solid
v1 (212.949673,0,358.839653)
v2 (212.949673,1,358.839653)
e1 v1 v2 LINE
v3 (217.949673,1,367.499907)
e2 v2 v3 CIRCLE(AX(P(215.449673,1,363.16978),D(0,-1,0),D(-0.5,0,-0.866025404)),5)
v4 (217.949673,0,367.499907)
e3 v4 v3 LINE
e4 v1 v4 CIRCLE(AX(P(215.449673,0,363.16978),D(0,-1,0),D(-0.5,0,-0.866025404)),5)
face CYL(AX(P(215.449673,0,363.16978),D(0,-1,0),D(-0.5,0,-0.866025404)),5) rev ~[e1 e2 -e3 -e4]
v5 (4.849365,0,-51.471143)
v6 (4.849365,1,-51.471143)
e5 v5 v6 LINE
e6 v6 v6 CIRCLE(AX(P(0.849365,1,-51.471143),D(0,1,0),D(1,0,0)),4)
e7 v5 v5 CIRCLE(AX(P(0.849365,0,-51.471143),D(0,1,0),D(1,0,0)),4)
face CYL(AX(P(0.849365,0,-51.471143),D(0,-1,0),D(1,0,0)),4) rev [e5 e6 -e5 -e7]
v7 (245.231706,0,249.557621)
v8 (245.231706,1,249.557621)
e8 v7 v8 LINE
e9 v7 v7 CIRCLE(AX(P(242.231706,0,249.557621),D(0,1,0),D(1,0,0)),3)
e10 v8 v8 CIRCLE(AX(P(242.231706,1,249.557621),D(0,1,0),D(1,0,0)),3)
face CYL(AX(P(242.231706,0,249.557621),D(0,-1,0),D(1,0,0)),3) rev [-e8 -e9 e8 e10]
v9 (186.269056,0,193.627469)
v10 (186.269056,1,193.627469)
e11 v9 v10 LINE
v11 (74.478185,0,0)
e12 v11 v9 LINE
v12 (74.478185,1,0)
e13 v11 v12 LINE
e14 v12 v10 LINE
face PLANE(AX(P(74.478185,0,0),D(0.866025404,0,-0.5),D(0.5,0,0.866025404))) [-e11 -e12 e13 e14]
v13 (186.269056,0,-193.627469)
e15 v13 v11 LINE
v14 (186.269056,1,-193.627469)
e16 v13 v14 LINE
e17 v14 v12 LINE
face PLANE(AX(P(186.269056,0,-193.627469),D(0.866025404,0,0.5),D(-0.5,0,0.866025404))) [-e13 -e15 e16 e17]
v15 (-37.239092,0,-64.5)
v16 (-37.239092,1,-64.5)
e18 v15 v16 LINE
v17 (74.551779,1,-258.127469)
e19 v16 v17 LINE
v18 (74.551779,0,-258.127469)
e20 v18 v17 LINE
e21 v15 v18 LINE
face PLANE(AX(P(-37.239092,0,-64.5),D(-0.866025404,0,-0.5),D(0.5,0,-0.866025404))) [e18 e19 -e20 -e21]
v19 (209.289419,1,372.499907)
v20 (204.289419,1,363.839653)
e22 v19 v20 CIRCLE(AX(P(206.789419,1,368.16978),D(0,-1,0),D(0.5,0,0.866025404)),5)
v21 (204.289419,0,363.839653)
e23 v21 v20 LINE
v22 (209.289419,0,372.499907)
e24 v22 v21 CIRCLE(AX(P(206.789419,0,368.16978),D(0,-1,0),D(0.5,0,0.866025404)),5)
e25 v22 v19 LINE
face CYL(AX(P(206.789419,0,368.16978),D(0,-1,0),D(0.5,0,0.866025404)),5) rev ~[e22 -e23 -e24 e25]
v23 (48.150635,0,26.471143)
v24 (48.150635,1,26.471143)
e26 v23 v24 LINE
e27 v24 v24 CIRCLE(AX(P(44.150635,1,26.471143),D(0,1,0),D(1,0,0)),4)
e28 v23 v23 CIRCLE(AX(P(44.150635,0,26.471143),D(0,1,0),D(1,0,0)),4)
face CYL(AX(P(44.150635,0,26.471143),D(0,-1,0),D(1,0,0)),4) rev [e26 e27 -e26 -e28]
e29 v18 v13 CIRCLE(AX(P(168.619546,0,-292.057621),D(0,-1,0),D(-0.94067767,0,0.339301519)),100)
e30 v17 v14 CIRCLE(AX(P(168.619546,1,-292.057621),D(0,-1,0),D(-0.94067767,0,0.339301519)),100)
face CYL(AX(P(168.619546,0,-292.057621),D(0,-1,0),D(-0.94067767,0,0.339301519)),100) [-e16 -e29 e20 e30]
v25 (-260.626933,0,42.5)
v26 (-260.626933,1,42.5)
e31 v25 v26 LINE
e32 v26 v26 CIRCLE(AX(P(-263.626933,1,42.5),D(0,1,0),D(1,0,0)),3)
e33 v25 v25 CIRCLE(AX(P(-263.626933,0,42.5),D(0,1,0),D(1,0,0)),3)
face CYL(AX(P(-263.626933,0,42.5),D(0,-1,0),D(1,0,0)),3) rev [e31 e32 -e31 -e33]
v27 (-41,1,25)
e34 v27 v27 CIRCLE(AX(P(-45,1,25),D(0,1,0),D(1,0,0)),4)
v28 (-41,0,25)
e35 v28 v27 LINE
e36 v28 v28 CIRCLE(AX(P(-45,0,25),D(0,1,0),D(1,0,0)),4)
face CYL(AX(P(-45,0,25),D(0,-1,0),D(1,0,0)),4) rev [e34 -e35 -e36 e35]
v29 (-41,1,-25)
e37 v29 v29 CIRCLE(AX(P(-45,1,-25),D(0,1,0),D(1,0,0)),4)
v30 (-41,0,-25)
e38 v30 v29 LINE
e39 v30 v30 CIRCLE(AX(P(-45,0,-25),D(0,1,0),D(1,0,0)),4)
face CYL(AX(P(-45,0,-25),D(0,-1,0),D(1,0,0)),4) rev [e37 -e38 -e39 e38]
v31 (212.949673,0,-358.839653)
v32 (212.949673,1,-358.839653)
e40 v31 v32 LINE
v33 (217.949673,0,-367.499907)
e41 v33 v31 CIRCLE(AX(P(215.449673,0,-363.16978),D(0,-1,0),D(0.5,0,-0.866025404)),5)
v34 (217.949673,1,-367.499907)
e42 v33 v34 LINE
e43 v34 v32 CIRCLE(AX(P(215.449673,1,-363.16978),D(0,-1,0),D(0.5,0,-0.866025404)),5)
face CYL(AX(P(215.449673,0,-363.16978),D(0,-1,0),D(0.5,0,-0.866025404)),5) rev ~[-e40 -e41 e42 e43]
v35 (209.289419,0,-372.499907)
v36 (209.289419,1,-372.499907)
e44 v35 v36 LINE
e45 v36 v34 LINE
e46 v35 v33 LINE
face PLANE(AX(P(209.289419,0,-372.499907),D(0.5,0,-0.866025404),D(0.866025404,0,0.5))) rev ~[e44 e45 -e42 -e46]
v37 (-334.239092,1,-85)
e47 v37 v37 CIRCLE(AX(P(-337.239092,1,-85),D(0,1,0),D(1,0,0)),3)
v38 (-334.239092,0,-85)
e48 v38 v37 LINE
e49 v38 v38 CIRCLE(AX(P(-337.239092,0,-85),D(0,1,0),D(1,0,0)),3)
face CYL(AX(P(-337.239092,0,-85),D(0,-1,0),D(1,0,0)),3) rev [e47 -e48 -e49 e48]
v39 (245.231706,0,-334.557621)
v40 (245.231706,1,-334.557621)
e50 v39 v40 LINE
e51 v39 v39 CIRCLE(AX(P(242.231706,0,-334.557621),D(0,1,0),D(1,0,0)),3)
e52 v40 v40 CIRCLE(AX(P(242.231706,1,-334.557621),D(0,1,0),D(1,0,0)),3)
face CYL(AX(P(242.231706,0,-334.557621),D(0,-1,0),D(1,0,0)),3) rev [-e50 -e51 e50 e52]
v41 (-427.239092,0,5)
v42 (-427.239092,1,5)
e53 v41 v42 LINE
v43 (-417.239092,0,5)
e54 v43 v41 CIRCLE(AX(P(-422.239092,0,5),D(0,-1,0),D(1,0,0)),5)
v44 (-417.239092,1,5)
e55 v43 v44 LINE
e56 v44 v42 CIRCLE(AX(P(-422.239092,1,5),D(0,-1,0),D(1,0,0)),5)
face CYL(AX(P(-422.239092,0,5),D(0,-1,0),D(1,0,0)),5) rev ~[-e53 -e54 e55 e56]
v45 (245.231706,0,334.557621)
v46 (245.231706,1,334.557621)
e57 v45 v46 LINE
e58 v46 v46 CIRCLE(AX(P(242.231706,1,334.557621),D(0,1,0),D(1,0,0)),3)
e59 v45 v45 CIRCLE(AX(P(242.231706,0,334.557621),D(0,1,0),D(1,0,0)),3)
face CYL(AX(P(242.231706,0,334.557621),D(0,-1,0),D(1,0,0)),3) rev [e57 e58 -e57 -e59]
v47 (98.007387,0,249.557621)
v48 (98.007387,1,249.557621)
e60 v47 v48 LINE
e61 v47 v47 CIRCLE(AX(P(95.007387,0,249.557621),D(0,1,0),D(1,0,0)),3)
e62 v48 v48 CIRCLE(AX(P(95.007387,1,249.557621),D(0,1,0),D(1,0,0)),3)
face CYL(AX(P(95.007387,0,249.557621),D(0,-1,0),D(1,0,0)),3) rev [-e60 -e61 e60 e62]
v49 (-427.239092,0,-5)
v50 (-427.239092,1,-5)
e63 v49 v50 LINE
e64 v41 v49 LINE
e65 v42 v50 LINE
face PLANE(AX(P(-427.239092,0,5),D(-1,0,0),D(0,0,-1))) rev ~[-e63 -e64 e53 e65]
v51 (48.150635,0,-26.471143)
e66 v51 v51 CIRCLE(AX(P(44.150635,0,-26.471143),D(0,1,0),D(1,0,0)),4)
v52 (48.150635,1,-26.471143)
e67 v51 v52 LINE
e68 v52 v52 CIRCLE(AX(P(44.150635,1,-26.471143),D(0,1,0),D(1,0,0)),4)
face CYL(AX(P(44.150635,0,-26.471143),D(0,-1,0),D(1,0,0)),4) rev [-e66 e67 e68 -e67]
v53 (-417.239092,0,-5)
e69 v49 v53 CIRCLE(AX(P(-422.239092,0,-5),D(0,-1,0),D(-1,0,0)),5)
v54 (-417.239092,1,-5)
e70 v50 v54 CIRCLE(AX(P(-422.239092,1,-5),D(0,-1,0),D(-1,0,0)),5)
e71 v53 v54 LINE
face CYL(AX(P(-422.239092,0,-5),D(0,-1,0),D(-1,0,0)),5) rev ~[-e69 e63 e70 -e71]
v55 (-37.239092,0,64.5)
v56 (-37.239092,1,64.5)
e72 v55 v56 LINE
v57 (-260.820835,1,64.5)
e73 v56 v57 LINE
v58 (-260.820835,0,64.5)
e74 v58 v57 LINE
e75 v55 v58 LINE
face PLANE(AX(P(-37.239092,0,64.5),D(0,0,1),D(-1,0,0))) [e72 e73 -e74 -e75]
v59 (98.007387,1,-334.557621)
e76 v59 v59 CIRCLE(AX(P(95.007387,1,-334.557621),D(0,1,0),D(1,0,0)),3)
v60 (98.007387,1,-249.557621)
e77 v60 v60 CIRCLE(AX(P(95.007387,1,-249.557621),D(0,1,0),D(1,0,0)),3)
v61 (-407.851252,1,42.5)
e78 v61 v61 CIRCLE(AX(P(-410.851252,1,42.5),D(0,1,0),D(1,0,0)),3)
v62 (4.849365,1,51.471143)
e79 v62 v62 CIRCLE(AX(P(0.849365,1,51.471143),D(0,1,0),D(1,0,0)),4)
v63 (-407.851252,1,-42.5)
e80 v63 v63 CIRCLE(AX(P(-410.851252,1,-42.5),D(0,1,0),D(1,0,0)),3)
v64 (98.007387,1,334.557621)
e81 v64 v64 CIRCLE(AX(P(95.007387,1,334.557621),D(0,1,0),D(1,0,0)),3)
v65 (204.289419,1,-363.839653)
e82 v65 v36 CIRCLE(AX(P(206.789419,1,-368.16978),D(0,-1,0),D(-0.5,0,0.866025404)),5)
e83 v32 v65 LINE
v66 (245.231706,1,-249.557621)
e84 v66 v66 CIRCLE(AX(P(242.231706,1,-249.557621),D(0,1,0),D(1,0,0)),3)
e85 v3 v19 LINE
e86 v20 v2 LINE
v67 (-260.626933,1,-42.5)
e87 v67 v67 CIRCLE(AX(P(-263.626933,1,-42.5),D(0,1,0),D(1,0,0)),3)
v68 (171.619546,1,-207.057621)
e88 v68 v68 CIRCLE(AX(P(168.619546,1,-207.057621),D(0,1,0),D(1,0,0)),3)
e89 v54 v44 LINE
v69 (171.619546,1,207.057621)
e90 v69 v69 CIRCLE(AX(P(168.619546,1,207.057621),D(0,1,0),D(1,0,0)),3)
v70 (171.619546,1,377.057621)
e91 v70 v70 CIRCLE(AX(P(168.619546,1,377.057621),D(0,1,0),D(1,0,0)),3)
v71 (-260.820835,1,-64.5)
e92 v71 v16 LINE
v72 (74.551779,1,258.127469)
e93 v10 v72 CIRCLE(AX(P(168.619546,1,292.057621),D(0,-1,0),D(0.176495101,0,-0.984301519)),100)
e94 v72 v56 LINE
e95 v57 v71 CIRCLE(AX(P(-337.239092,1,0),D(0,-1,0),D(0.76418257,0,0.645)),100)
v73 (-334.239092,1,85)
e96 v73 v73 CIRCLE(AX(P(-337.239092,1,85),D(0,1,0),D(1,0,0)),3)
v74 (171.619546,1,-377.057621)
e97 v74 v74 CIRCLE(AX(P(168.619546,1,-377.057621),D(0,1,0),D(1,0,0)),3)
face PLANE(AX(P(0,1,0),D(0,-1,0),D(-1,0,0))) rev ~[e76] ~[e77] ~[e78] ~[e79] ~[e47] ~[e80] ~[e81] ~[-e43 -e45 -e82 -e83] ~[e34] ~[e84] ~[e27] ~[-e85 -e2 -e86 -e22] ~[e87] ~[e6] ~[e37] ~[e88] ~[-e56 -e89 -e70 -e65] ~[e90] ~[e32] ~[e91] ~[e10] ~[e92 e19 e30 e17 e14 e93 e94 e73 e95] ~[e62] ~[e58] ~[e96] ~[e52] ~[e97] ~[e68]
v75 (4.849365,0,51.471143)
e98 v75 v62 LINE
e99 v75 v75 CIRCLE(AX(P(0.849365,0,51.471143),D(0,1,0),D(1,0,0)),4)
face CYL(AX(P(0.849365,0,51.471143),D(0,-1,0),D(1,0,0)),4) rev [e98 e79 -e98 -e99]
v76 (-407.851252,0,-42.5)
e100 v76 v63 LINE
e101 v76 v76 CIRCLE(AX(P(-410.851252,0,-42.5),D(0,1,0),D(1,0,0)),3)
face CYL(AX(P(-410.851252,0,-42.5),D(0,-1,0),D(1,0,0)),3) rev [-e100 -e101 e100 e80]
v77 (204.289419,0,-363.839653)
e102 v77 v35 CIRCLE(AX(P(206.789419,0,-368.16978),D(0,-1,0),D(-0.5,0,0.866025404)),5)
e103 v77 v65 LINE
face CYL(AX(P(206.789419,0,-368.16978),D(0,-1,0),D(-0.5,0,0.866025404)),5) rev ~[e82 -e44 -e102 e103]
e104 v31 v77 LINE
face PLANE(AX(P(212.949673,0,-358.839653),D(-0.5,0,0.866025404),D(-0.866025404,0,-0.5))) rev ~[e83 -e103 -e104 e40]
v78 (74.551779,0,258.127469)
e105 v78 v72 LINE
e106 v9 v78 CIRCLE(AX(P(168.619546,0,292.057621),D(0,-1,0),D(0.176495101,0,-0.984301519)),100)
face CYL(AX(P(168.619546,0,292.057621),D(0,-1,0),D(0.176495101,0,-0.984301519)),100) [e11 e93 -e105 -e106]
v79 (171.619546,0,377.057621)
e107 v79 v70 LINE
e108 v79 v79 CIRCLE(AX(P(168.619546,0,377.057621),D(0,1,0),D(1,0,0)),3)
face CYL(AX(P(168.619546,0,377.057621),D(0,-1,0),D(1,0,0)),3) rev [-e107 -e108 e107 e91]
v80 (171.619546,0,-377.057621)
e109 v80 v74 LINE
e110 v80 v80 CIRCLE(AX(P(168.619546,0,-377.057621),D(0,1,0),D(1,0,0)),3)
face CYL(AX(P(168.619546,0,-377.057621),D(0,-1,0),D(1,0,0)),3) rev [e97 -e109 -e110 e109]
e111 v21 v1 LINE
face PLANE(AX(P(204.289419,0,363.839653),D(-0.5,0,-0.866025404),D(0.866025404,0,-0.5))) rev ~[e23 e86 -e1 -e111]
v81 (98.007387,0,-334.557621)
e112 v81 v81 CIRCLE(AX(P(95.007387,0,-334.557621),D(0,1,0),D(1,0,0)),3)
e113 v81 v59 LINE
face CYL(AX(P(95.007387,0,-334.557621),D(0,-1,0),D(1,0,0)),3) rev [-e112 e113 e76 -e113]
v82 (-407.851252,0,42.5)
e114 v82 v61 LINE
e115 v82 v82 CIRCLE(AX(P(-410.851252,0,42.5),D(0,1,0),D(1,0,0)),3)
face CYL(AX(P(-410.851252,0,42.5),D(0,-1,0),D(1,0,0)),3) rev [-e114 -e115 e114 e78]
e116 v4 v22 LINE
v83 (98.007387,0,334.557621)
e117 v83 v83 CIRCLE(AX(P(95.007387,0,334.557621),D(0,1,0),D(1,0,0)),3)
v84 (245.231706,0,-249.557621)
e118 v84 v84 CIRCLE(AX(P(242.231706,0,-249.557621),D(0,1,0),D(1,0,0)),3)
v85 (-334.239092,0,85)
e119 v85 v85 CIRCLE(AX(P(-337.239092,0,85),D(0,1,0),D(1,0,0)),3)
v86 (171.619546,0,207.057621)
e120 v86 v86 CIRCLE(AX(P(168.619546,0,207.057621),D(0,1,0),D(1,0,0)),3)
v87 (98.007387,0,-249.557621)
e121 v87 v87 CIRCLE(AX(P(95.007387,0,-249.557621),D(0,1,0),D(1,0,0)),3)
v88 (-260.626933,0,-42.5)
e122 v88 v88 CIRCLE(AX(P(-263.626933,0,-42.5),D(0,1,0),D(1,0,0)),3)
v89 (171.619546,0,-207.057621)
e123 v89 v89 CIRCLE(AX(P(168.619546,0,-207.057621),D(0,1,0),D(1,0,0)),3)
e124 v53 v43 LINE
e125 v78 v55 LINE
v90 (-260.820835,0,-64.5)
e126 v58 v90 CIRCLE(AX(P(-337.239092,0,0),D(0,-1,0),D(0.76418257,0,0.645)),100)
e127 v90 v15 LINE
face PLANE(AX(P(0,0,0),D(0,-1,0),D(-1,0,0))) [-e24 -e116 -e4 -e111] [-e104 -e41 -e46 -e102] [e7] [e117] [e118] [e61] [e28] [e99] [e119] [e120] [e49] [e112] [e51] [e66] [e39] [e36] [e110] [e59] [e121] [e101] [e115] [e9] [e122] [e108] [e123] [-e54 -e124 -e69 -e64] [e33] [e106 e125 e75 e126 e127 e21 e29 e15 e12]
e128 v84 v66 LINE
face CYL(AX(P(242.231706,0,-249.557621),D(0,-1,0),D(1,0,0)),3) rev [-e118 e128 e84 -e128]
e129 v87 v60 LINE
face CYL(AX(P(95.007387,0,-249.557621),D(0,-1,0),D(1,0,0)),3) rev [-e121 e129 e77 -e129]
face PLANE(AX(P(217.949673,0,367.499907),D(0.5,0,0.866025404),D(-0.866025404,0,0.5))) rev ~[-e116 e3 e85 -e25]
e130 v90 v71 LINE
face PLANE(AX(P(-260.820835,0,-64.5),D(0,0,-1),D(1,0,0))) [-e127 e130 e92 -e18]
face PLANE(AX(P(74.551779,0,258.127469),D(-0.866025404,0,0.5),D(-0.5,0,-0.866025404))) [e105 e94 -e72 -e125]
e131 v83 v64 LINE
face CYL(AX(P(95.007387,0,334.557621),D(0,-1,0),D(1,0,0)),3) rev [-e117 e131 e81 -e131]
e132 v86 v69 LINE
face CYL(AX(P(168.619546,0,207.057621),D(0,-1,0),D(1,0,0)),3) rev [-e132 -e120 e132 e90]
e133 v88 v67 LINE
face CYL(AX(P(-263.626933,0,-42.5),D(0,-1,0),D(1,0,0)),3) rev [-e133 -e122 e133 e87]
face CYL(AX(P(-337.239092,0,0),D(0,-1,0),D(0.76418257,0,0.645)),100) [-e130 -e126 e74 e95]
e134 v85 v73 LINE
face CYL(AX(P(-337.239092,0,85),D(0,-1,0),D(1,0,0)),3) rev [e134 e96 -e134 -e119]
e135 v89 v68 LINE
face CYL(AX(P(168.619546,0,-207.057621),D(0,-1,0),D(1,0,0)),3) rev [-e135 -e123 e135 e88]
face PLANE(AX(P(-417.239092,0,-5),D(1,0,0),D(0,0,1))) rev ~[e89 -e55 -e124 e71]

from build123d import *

# Parameters (mm, degrees)
SKETCH1_R           = 3
SKETCH1_R_2         = 4
BOSS_EXTRUDE1_DEPTH = 1


with BuildPart() as part:
    # Sketch1 → Boss-Extrude1 (new body)
    with BuildSketch(Plane(origin=(0, 0, 0), x_dir=(1, 0, 0), z_dir=(0, 1, 0))):
        with BuildLine():
            Line((-37.239092363, -64.5), (-260.820835382, -64.5))
            ThreePointArc((-260.820835382, -64.5), (-437.239092363, 0), (-260.820835382, 64.5))
            Line((-260.820835382, 64.5), (-37.239092363, 64.5))
            Line((-37.239092363, 64.5), (74.551779147, 258.127469277))
            ThreePointArc((74.551779147, 258.127469277), (218.619546181, 378.660161514), (186.269056235, 193.627469277))
            Line((186.269056235, 193.627469277), (74.478184725, 0))
            Line((74.478184725, 0), (186.269056235, -193.627469277))
            ThreePointArc((186.269056235, -193.627469277), (218.619546181, -378.660161514), (74.551779147, -258.127469277))
            Line((74.551779147, -258.127469277), (-37.239092363, -64.5))
        make_face()
        with Locations((-337.239092363, 85)):
            Circle(SKETCH1_R, mode=Mode.SUBTRACT)
        with Locations((-263.626933041, 42.5)):
            Circle(SKETCH1_R, mode=Mode.SUBTRACT)
        with Locations((-263.626933041, -42.5)):
            Circle(SKETCH1_R, mode=Mode.SUBTRACT)
        with Locations((-337.239092363, -85)):
            Circle(SKETCH1_R, mode=Mode.SUBTRACT)
        with Locations((-410.851251684, -42.5)):
            Circle(SKETCH1_R, mode=Mode.SUBTRACT)
        with Locations((-410.851251684, 42.5)):
            Circle(SKETCH1_R, mode=Mode.SUBTRACT)
        with Locations((168.619546181, 207.057621135)):
            Circle(SKETCH1_R, mode=Mode.SUBTRACT)
        with Locations((242.231705503, 249.557621135)):
            Circle(SKETCH1_R, mode=Mode.SUBTRACT)
        with Locations((242.231705503, 334.557621135)):
            Circle(SKETCH1_R, mode=Mode.SUBTRACT)
        with Locations((168.619546181, 377.057621135)):
            Circle(SKETCH1_R, mode=Mode.SUBTRACT)
        with Locations((95.00738686, 334.557621135)):
            Circle(SKETCH1_R, mode=Mode.SUBTRACT)
        with Locations((95.00738686, 249.557621135)):
            Circle(SKETCH1_R, mode=Mode.SUBTRACT)
        with Locations((95.00738686, -249.557621135)):
            Circle(SKETCH1_R, mode=Mode.SUBTRACT)
        with Locations((95.00738686, -334.557621135)):
            Circle(SKETCH1_R, mode=Mode.SUBTRACT)
        with Locations((168.619546181, -377.057621135)):
            Circle(SKETCH1_R, mode=Mode.SUBTRACT)
        with Locations((242.231705503, -334.557621135)):
            Circle(SKETCH1_R, mode=Mode.SUBTRACT)
        with Locations((242.231705503, -249.557621135)):
            Circle(SKETCH1_R, mode=Mode.SUBTRACT)
        with Locations((168.619546181, -207.057621135)):
            Circle(SKETCH1_R, mode=Mode.SUBTRACT)
        with Locations((-45, -25)):
            Circle(SKETCH1_R_2, mode=Mode.SUBTRACT)
        with Locations((-45, 25)):
            Circle(SKETCH1_R_2, mode=Mode.SUBTRACT)
        with Locations((44.150635095, 26.47114317)):
            Circle(SKETCH1_R_2, mode=Mode.SUBTRACT)
        with Locations((0.849364905, 51.47114317)):
            Circle(SKETCH1_R_2, mode=Mode.SUBTRACT)
        with Locations((0.849364905, -51.47114317)):
            Circle(SKETCH1_R_2, mode=Mode.SUBTRACT)
        with Locations((44.150635095, -26.47114317)):
            Circle(SKETCH1_R_2, mode=Mode.SUBTRACT)
        with BuildLine():
            Line((-427.239092363, -5), (-427.239092363, 5))
            ThreePointArc((-427.239092363, 5), (-422.239092363, 10), (-417.239092363, 5))
            Line((-417.239092363, 5), (-417.239092363, -5))
            ThreePointArc((-417.239092363, -5), (-422.239092363, -10), (-427.239092363, -5))
        make_face(mode=Mode.SUBTRACT)
        with BuildLine():
            Line((209.289419162, 372.499907476), (217.9496732, 367.499907476))
            ThreePointArc((217.9496732, 367.499907476), (219.779800219, 360.669780457), (212.9496732, 358.839653438))
            Line((212.9496732, 358.839653438), (204.289419162, 363.839653438))
            ThreePointArc((204.289419162, 363.839653438), (202.459292144, 370.669780457), (209.289419162, 372.499907476))
        make_face(mode=Mode.SUBTRACT)
        with BuildLine():
            Line((217.9496732, -367.499907476), (209.289419162, -372.499907476))
            ThreePointArc((209.289419162, -372.499907476), (202.459292144, -370.669780457), (204.289419162, -363.839653438))
            Line((204.289419162, -363.839653438), (212.9496732, -358.839653438))
            ThreePointArc((212.9496732, -358.839653438), (219.779800219, -360.669780457), (217.9496732, -367.499907476))
        make_face(mode=Mode.SUBTRACT)
    extrude(amount=BOSS_EXTRUDE1_DEPTH)


solid = part.part
